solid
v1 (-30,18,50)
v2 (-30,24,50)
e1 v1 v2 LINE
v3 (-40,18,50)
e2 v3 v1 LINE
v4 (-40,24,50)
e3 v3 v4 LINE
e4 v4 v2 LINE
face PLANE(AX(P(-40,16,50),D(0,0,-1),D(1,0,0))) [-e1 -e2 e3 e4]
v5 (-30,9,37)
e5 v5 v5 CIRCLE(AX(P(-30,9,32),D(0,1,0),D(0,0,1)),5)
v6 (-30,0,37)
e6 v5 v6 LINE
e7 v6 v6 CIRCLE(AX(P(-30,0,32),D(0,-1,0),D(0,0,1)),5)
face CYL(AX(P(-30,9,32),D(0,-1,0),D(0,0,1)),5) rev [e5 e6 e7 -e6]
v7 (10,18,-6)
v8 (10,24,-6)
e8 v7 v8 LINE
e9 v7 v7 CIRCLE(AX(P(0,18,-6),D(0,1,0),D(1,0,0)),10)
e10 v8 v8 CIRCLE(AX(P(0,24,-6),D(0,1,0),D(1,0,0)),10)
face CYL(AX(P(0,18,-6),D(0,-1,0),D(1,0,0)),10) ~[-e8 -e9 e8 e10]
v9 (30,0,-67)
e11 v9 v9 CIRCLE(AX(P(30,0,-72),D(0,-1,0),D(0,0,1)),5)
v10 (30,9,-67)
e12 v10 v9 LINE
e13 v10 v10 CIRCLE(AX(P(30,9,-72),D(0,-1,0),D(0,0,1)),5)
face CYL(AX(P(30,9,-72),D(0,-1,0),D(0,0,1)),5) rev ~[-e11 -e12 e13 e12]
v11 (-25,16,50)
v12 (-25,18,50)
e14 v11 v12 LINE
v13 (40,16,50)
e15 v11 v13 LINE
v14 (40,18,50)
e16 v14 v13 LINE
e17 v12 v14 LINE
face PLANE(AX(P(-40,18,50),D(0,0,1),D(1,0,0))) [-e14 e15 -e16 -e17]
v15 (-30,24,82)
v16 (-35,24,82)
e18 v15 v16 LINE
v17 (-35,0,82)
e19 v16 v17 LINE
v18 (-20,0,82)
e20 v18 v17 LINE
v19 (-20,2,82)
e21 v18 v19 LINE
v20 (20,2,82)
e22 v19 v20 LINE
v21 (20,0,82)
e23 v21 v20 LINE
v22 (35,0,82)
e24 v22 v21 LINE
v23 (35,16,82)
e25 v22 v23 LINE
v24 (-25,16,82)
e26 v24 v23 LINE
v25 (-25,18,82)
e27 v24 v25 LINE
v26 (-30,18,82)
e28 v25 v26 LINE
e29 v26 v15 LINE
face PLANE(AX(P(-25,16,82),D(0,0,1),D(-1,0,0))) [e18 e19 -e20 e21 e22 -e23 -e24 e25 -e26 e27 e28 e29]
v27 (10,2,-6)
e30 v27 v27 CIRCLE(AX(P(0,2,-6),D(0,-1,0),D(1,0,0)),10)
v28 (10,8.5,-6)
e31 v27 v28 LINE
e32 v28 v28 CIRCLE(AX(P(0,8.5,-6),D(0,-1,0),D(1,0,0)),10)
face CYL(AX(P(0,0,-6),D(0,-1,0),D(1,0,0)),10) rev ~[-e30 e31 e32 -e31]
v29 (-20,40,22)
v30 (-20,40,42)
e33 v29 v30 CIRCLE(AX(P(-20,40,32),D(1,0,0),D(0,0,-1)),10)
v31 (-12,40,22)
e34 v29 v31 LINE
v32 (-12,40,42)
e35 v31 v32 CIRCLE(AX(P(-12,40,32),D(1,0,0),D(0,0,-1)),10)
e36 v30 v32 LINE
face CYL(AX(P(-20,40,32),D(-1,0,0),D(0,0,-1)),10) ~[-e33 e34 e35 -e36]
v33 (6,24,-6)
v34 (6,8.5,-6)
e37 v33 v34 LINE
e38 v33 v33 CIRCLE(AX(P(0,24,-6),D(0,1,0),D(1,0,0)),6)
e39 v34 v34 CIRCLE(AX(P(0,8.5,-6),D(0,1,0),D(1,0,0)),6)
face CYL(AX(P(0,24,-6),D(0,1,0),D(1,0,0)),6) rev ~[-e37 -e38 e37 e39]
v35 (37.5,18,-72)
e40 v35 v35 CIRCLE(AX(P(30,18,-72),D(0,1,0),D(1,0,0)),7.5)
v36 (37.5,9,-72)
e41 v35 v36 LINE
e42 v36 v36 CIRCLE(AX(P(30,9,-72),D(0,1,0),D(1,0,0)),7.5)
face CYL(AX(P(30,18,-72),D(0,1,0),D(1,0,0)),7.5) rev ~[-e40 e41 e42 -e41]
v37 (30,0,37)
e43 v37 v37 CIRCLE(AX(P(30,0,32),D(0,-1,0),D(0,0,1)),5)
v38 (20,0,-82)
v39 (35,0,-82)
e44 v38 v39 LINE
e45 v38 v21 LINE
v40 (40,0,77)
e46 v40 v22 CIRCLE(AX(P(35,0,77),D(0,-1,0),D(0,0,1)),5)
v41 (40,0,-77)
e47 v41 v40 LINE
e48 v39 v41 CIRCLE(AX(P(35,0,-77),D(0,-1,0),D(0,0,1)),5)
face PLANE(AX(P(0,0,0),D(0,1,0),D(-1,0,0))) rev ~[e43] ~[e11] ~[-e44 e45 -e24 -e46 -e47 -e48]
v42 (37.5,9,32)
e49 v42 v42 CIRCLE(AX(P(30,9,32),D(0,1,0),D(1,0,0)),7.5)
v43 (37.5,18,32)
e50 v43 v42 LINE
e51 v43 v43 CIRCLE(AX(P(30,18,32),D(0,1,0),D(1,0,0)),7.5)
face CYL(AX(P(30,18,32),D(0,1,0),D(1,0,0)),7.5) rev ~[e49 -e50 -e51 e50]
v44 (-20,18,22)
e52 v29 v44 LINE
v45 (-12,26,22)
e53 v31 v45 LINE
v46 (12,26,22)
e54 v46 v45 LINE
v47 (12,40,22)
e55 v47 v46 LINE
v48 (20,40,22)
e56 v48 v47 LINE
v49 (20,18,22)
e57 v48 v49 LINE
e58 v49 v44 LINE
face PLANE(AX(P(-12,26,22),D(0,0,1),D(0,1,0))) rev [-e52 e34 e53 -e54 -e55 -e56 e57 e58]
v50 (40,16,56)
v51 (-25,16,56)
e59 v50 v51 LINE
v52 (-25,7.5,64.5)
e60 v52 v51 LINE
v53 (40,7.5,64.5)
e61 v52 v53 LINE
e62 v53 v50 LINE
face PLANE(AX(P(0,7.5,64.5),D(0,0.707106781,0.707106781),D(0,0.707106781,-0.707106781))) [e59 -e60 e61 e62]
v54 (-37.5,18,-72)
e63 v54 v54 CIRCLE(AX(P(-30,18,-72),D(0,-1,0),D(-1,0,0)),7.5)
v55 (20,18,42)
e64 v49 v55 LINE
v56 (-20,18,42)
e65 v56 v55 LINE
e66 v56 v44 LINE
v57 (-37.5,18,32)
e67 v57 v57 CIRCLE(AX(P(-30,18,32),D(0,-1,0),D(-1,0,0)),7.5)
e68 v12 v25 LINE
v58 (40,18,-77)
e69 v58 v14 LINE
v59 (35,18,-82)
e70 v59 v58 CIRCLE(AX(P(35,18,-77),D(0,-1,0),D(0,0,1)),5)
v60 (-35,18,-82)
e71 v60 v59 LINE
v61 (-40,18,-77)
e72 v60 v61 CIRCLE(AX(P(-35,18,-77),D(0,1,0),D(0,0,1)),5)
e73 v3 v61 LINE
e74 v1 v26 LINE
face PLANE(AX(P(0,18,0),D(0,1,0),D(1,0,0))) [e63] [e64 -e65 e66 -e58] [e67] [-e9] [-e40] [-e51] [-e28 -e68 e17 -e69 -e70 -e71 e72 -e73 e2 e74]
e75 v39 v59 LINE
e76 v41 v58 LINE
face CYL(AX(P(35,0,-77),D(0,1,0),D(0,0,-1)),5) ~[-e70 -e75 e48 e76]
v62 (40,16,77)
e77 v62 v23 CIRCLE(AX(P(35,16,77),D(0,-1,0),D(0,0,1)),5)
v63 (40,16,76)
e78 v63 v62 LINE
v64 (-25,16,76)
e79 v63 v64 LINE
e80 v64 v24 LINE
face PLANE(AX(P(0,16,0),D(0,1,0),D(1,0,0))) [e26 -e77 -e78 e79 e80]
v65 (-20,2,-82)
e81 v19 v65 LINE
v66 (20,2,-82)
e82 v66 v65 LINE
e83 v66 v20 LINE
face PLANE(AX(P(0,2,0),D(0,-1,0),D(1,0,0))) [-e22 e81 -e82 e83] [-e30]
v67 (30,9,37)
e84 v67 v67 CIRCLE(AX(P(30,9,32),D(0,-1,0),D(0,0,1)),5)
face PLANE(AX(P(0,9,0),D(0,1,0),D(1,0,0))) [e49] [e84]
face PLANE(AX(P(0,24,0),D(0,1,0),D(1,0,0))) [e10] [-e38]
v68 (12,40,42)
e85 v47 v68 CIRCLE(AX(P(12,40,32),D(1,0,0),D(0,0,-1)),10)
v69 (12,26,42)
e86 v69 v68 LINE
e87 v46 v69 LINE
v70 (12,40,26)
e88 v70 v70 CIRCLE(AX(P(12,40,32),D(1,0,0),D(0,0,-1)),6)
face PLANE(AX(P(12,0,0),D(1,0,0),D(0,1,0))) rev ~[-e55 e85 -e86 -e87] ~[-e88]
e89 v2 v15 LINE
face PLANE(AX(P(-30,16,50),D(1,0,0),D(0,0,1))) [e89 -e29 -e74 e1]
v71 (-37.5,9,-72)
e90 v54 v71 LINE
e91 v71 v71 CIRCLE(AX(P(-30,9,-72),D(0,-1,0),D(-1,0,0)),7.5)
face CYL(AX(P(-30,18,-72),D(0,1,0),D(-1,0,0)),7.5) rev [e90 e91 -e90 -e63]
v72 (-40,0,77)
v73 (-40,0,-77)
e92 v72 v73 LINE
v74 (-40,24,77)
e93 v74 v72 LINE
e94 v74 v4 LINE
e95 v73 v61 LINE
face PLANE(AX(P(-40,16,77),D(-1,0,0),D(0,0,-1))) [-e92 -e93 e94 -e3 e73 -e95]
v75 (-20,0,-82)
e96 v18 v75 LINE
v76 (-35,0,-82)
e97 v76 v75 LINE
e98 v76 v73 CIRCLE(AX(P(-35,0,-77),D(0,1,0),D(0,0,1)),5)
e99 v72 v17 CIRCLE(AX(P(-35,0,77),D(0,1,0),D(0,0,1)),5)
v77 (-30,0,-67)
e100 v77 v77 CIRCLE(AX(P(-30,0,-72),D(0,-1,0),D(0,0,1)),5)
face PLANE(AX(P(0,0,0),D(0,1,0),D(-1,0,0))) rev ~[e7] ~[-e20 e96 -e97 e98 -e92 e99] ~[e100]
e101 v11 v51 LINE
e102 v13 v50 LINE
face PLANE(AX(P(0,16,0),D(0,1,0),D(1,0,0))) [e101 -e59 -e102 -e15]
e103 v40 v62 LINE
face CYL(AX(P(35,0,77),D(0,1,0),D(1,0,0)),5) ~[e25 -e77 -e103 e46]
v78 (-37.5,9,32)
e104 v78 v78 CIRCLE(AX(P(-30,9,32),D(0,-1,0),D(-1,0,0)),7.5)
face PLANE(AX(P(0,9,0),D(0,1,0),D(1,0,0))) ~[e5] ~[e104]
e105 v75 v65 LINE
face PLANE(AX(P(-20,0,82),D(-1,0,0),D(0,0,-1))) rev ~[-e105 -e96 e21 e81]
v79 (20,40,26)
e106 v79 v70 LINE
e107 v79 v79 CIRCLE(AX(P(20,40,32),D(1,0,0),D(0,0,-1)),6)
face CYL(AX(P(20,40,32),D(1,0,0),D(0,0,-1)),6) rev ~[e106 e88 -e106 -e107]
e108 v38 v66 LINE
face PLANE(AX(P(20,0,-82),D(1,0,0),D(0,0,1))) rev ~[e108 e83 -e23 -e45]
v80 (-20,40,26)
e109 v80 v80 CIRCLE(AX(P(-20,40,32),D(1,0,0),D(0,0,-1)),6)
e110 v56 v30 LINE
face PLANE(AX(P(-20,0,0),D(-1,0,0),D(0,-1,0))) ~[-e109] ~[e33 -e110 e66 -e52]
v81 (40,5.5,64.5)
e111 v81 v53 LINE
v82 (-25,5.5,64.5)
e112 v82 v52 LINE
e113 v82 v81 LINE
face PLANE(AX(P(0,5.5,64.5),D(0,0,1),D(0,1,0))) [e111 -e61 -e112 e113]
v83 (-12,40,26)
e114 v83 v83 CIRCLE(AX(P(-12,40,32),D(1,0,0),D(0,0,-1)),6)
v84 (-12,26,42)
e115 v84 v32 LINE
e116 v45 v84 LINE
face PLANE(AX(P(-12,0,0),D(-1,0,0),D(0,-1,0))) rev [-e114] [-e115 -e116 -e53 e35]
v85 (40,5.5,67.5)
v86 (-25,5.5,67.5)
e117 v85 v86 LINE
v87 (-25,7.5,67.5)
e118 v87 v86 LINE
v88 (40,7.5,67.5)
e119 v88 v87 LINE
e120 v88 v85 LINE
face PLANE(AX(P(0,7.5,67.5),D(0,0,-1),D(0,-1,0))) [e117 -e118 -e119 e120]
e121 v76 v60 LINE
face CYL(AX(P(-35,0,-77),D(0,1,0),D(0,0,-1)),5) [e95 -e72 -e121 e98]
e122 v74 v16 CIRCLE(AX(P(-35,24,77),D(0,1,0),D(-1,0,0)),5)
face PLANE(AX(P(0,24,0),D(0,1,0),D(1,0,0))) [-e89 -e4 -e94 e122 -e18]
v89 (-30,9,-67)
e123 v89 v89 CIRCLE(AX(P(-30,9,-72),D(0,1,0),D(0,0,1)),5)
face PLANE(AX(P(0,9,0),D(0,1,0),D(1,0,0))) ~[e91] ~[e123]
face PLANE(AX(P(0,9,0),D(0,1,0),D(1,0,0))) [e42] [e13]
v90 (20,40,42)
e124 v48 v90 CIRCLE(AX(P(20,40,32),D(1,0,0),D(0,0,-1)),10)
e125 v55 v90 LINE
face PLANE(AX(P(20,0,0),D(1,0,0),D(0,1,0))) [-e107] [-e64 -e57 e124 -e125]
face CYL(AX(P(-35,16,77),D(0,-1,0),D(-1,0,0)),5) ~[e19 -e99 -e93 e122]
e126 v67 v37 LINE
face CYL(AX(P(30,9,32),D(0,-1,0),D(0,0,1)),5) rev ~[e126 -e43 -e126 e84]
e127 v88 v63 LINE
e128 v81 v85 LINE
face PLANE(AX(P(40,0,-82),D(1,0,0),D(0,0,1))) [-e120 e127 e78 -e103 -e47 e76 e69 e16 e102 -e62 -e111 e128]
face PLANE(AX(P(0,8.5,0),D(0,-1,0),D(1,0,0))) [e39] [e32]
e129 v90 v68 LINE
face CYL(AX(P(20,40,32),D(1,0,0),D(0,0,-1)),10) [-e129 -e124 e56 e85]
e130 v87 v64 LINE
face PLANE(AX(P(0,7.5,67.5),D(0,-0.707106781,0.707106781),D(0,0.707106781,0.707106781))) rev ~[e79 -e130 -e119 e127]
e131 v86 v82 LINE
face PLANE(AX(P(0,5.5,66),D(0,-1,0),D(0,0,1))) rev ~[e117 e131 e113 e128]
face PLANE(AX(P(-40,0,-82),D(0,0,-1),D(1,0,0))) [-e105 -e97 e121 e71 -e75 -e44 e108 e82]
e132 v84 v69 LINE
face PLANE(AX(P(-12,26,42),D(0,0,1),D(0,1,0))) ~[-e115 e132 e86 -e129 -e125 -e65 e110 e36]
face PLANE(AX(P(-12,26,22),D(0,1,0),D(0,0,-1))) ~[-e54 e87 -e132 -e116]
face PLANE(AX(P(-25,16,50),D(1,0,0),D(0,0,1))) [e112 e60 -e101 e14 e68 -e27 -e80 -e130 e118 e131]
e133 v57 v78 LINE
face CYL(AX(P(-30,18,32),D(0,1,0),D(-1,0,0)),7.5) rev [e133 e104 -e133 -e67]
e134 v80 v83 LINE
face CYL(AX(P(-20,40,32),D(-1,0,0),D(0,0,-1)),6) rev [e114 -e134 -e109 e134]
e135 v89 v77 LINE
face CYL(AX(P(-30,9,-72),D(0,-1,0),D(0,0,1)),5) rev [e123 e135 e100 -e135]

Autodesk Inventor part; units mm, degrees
ref_plane "XZ Plane" through (0, 0, 0) normal (0, 1, 0) x (-1, 0, 0)
ref_plane "XY Plane" through (0, 0, 0) normal (0, 0, 1) x (1, 0, 0)
sketch "草图1" plane through (0, 0, 0) normal (0, 1, 0) x (-1, 0, 0)
  line L0 (40, -82) -> (-40, -82)
  line L1 (-40, -82) -> (-40, 82)
  line L2 (-40, 82) -> (40, 82)
  line L3 (40, 82) -> (40, -82)
  line L4 (40, -82) -> (-40, 82) construction
  line L5 (-40, -82) -> (40, 82) construction
  point P0 (0, 0)
  dimension "d0" = 80
  dimension "d1" = 164
extrude "拉伸1" add sketch "草图1" along normal blind 18
sketch "草图2" plane through (0, 18, 0) normal (0, 1, 0) x (1, 0, 0)
  line L0 (-40, -82) -> (40, -82) projected
  line L1 (-40, 82) -> (-40, -82) projected
  line L2 (-40, -82) -> (-40, -50)
  line L3 (-40, -50) -> (40, -50)
  line L4 (40, -50) -> (40, -82)
  line L5 (40, -82) -> (-40, -82)
  point P0 (0, 0)
  dimension "d4" = 32
extrude "拉伸2" cut sketch "草图2" against normal blind 2
fillet "圆角1" radius 5 4 edges at (40, 8, 82) (40, 9, -82) (-40, 8, 82) (-40, 9, -82)
sketch "草图4" plane through (0, 0, 0) normal (1, 0, 0) x (0, 1, 0)
  line L0 (0, 82) -> (16, 82) projected
  line L1 (5.5, 66) -> (5.5, 64.5)
  line L2 (5.5, 64.5) -> (5.5, 67.5)
  line L3 (5.5, 64.5) -> (7.5, 64.5)
  line L4 (7.5, 67.5) -> (5.5, 67.5)
  line L5 (7.5, 64.5) -> (16, 56)
  line L6 (16, 77) -> (16, 50) projected
  line L7 (7.5, 67.5) -> (16, 76)
  line L8 (16, 76) -> (16, 56)
  line L9 (5.5, 66) -> (6, 66)
  point P0 (0, 0)
  dimension "d15" = 16
  dimension "d16" = 1.5
  dimension "d17" = 3
  dimension "d18" = 2
extrude "拉伸3" cut sketch "草图4" along normal blind 40 and the other way blind 25
sketch "草图6" plane through (0, 16, 0) normal (0, 1, 0) x (1, 0, 0)
  line L0 (40, -76) -> (-25, -76) projected
  line L1 (-25, -76) -> (-25, -56) projected
  line L2 (-25, -56) -> (40, -56) projected
  line L3 (40, -50) -> (40, -56) projected
  line L4 (-40, -50) -> (40, -50) projected
  line L5 (-40, -77) -> (-40, -50) projected
  arc A0 (-40, -77) -> (-35, -82) centre (-35, -77) ccw projected
  line L6 (35, -82) -> (-35, -82) projected
  arc A1 (35, -82) -> (40, -77) centre (35, -77) ccw projected
  line L7 (40, -76) -> (40, -77) projected
  line L8 (-40, -50) -> (40, -50) projected
  line L9 (-40, -50) -> (-30, -50)
  line L10 (-30, -50) -> (-30, -82)
  line L11 (-35, -82) -> (35, -82) projected
  point P0 (0, 0)
  dimension "d27" = 10
extrude "拉伸5" add sketch "草图6" along normal blind 8 contours L6 A0 L5 L4 L10
sketch "草图7" plane through (0, 16, 0) normal (0, 1, 0) x (1, 0, 0)
  line L0 (-30, -50) -> (-30, -82) projected
  line L1 (35, -82) -> (-30, -82) projected
  arc A0 (35, -82) -> (40, -77) centre (35, -77) ccw projected
  line L2 (40, -76) -> (40, -77) projected
  line L3 (40, -76) -> (-25, -76) projected
  line L4 (-25, -76) -> (-25, -56) projected
  line L5 (-25, -56) -> (40, -56) projected
  line L6 (40, -50) -> (40, -56) projected
  line L7 (-30, -50) -> (40, -50) projected
  line L8 (-30, -50) -> (40, -50) projected
  line L9 (-25, -50) -> (-25, -82)
  line L10 (35, -82) -> (-30, -82) projected
  point P0 (0, 0)
extrude "拉伸6" add sketch "草图7" along normal blind 2 contours L7 L9 L4 L1 L0
sketch "草图8" plane through (0, 18, 0) normal (0, 1, 0) x (1, 0, 0)
  circle A0 centre (30, -32) radius 7.5
  line L0 (35, -82) -> (-25, -82) projected
  line L1 (40, -50) -> (40, 77) projected
  circle A1 centre (30, 72) radius 7.5
  line L2 (35, 82) -> (-35, 82) projected
  point P0 (0, 0)
  dimension "d32" = 15
  dimension "d34" = 10
  dimension "d35" = 15
  dimension "d36" = 10
  dimension "d38" = 50
extrude "拉伸7" cut sketch "草图8" against normal blind 9
sketch "草图9" plane through (30, 9, -72) normal (0, 1, 0) x (1, 0, 0)
  circle A0 centre (0, 0) radius 7.5 projected
  circle A1 centre (0, -104) radius 7.5 projected
  point P0 (-30, -72)
hole "孔1" at (30, 9, -72) at (30, 9, 32) direction (0, -1, 0) diameter 10 end through all
mirror "镜像1" about plane through (0, 0, 0) normal (1, 0, 0) of "拉伸7", "孔1"
sketch "草图11" plane through (0, 18, 0) normal (0, 1, 0) x (1, 0, 0)
  circle A0 centre (0, 6) radius 10
  line L0 (35, -82) -> (-25, -82) projected
  point P0 (0, 0)
  dimension "d50" = 20
  dimension "d51" = 88
extrude "拉伸8" add sketch "草图11" along normal blind 6
sketch "草图12" plane through (0, 24, -6) normal (0, 1, 0) x (1, 0, 0)
  circle A0 centre (0, 0) radius 6
  point P0 (0, -6)
  dimension "d54" = 12
extrude "拉伸9" cut sketch "草图12" against normal blind 15.5
sketch "草图13" plane through (0, 0, 0) normal (0, -1, 0) x (1, 0, 0)
  circle A0 centre (-30, -72) radius 5 projected
  circle A1 centre (-30, 32) radius 5 projected
  circle A2 centre (30, -72) radius 5 projected
  circle A3 centre (30, 32) radius 5 projected
  arc A4 (-40, -77) -> (-35, -82) centre (-35, -77) ccw projected
  line L0 (35, -82) -> (-35, -82) projected
  arc A5 (35, -82) -> (40, -77) centre (35, -77) ccw projected
  line L1 (40, 77) -> (40, -77) projected
  arc A6 (40, 77) -> (35, 82) centre (35, 77) ccw projected
  line L2 (-35, 82) -> (35, 82) projected
  arc A7 (-35, 82) -> (-40, 77) centre (-35, 77) ccw projected
  line L3 (-40, -77) -> (-40, 77) projected
  circle A8 centre (0, -6) radius 10
  point P0 (0, 0)
  dimension "d57" = 20
  dimension "d58" = 88
extrude "拉伸10" cut sketch "草图13" against normal up to surface (8.5 mm away) contours A8
ref_plane "工作平面1" through (20, 0, 0) normal (1, 0, 0) x (0, 1, 0)
sketch "草图15" plane through (20, 0, 0) normal (1, 0, 0) x (0, 1, 0)
  line L0 (18, 4) -> (18, -16) projected
  line L1 (18, -64.5) -> (18, -79.5) projected
  line L2 (18, 39.5) -> (18, 24.5) projected
  line L3 (18, 39.5) -> (18, 24.5) projected
  line L4 (18, -64.5) -> (18, -79.5) projected
  line L5 (18, -77) -> (18, -82) projected
  line L6 (18, -77) -> (18, 50) projected
  line L7 (18, 82) -> (18, 50) projected
  line L8 (18, 82) -> (18, 50) projected
  line L9 (18, 50) -> (18, -77) projected
  line L10 (18, -82) -> (18, -77) projected
  line L11 (18, 39.5) -> (18, 24.5) projected
  line L12 (16, 82) -> (0, 82) projected
  line L13 (18, 50) -> (18, -77) projected
  line L14 (18, 42) -> (40, 42)
  line L15 (40, 22) -> (18, 22)
  line L16 (18, 22) -> (18, 42)
  arc A0 (40, 22) -> (40, 42) centre (40, 32) ccw
  point P0 (0, 0)
  point P1 (18, 32)
  dimension "d62" = 50
  dimension "d63" = 10
  dimension "d66" = 20
  dimension "d67" = 22
extrude "拉伸11" add sketch "草图15" against normal blind 8
sketch "草图16" plane through (12, 0, 0) normal (-1, 0, 0) x (0, 0, 1)
  line L0 (22, 40) -> (22, 18) projected
  line L1 (22, 18) -> (22, 40) projected
  line L2 (42, 18) -> (22, 18) projected
  line L3 (22, 26) -> (42, 26)
  line L4 (42, 26) -> (42, 18)
  line L5 (42, 18) -> (22, 18)
  line L6 (22, 18) -> (22, 26)
  point P0 (0, 0)
  dimension "d70" = 8
extrude "拉伸12" add sketch "草图16" along normal blind 12
sketch "草图17" plane through (20, 0, 0) normal (1, 0, 0) x (0, 0, -1)
  line L0 (-42, 40) -> (-42, 18) projected
  line L1 (-22, 18) -> (-42, 18) projected
  line L2 (-22, 18) -> (-22, 40) projected
  arc A0 (-22, 40) -> (-42, 40) centre (-32, 40) ccw projected
  circle A1 centre (-32, 40) radius 6
  point P0 (0, 0)
  dimension "d73" = 12
extrude "拉伸13" cut sketch "草图17" against normal blind 8 contours A1
mirror "镜像2" about plane through (0, 0, 0) normal (1, 0, 0) of "拉伸11", "拉伸12", "拉伸13"
sketch "草图18" plane through (0, 0, 0) normal (0, -1, 0) x (1, 0, 0)
  line L0 (12, 22) -> (12, 42) projected
  circle A0 centre (0, -6) radius 10 projected
  circle A1 centre (-30, -72) radius 5 projected
  circle A2 centre (-30, 32) radius 5 projected
  circle A3 centre (30, -72) radius 5 projected
  circle A4 centre (30, 32) radius 5 projected
  arc A5 (-40, -77) -> (-35, -82) centre (-35, -77) ccw projected
  line L1 (35, -82) -> (-35, -82) projected
  arc A6 (35, -82) -> (40, -77) centre (35, -77) ccw projected
  line L2 (40, 77) -> (40, -77) projected
  arc A7 (40, 77) -> (35, 82) centre (35, 77) ccw projected
  line L3 (-35, 82) -> (35, 82) projected
  arc A8 (-35, 82) -> (-40, 77) centre (-35, 77) ccw projected
  line L4 (-40, -77) -> (-40, 77) projected
  line L5 (-35, 82) -> (35, 82) projected
  line L6 (35, -82) -> (-35, -82) projected
  line L7 (20, 82) -> (-20, 82)
  line L8 (-20, 82) -> (-20, -82)
  line L9 (-20, -82) -> (20, -82)
  line L10 (20, -82) -> (20, 82)
  point P0 (0, 0)
  dimension "d76" = 20
  dimension "d77" = 40
extrude "拉伸14" cut sketch "草图18" against normal blind 2 contours L8 L3 L10 L1
properties part number "4-上盖" material "灰口铁"
